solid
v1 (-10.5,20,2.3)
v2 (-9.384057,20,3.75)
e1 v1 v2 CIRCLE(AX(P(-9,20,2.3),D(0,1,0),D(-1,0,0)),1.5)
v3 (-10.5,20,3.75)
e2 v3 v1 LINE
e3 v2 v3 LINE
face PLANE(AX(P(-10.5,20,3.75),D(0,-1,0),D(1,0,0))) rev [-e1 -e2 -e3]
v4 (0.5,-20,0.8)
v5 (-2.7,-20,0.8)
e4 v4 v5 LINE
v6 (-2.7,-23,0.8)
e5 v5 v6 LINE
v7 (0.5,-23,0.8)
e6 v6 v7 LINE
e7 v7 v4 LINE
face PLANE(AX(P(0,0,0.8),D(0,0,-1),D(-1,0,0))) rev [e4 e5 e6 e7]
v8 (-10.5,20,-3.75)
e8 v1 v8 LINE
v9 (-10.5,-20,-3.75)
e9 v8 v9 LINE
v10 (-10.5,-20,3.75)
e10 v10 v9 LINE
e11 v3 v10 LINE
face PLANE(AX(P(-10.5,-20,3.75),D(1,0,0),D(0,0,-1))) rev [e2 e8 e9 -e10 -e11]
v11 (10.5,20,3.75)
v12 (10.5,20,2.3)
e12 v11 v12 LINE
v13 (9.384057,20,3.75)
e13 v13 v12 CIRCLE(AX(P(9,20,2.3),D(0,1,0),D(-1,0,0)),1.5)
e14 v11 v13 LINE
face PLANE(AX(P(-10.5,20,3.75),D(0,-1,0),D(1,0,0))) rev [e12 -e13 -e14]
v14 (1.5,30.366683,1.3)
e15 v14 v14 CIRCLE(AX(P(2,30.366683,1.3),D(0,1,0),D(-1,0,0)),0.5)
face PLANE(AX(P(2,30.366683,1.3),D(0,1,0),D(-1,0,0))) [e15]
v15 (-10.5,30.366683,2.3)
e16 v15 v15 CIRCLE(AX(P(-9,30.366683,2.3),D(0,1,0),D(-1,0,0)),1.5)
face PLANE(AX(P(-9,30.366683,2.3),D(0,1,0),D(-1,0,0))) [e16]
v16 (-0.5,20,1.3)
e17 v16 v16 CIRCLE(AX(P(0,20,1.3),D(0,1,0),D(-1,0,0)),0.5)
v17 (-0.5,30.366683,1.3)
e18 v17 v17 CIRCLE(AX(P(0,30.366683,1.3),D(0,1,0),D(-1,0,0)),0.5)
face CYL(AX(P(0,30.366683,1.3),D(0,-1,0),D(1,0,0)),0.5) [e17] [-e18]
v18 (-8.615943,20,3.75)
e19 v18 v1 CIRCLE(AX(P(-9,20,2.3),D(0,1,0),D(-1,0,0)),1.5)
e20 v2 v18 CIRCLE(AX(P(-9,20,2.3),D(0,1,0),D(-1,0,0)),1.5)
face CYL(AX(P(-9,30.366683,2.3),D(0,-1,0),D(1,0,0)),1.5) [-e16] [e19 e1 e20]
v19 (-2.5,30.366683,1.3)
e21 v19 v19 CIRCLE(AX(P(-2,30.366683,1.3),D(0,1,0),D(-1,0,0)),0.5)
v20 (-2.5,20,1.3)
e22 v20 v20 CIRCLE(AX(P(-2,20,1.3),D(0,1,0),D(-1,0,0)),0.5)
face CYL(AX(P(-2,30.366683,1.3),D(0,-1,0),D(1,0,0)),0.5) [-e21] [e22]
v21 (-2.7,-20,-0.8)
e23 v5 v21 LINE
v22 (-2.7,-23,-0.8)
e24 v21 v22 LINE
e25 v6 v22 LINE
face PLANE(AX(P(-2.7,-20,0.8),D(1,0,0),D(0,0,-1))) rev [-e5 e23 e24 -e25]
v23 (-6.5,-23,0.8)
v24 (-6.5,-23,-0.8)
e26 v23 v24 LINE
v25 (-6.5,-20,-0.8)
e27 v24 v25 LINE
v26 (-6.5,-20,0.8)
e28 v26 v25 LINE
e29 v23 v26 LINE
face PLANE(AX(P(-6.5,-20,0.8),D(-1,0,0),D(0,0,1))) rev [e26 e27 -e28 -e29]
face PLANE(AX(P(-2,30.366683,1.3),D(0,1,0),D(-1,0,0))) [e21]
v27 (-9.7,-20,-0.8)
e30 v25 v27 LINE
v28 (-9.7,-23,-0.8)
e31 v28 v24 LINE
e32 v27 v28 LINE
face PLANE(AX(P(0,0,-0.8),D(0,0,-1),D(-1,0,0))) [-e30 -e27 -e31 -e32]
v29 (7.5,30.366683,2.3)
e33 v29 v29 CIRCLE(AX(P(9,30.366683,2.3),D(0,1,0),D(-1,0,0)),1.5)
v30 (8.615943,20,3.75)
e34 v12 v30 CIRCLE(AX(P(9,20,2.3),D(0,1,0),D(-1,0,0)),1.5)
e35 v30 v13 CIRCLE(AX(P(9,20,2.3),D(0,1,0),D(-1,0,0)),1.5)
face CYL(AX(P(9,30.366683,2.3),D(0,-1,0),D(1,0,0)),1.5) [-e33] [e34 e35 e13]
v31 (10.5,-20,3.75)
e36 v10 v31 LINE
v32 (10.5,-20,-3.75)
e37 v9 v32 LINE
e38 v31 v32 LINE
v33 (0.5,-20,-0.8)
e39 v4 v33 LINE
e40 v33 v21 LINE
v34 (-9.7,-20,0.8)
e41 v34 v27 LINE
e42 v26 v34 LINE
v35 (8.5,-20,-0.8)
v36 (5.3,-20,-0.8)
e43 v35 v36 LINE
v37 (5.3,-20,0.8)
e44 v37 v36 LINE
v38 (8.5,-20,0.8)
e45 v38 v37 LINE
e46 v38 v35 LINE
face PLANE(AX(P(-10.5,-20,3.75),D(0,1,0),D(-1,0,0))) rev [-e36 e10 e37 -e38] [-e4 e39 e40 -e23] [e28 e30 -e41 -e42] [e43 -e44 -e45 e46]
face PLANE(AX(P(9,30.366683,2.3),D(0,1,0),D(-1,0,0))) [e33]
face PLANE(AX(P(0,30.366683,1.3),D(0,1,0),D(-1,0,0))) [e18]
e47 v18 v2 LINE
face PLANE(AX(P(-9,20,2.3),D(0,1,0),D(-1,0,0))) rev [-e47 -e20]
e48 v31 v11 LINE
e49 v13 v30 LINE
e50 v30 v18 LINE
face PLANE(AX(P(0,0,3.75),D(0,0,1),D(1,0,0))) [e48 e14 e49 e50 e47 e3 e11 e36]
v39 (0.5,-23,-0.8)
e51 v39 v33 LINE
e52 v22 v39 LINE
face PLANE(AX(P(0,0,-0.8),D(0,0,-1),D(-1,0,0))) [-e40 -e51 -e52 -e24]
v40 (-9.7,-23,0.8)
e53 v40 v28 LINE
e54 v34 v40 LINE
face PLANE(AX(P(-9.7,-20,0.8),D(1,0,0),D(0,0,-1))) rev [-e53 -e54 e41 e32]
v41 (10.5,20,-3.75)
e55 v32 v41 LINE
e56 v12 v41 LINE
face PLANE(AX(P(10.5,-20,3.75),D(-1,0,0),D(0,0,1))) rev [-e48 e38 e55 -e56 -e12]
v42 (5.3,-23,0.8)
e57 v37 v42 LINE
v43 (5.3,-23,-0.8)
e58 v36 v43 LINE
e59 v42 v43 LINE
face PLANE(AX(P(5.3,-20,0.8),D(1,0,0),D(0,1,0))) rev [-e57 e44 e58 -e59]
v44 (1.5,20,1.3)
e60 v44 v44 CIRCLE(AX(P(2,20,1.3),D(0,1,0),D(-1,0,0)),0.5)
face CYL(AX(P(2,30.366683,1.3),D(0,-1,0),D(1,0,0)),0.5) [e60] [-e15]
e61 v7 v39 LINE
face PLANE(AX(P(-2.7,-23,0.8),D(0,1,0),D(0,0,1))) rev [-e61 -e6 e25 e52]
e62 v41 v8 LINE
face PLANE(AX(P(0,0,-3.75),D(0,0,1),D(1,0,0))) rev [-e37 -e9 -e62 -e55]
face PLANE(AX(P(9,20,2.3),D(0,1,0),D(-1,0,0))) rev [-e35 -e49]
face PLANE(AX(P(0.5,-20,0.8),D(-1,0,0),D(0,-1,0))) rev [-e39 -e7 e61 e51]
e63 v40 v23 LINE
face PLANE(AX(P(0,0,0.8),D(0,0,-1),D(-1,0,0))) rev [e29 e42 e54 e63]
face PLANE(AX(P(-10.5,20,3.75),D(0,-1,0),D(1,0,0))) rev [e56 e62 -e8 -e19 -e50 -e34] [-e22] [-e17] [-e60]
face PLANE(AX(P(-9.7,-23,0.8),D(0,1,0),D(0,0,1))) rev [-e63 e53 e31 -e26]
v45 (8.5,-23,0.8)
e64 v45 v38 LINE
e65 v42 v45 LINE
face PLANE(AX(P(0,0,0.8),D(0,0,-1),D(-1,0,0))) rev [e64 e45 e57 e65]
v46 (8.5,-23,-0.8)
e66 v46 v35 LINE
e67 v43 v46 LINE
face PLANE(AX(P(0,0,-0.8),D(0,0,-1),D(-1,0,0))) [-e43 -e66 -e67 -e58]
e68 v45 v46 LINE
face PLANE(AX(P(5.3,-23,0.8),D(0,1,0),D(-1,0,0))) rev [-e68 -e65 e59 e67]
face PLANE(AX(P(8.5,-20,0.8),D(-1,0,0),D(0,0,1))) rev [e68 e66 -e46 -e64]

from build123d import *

# Parameters (mm, degrees)
SKETCH1_W           = 40
SKETCH1_H           = 21
BOSS_EXTRUDE1_DEPTH = 3.75
SKETCH2_W           = 3
SKETCH2_H           = 3.2
BOSS_EXTRUDE2_DEPTH = 0.8
SKETCH3_R           = 1.5
SKETCH3_R_2         = 0.5
BOSS_EXTRUDE3_DEPTH = 10.366683148


with BuildPart() as part:
    # Sketch1 → Boss-Extrude1 (new, symmetric)
    with BuildSketch(Plane(origin=(0, 0, 0), x_dir=(0, 1, 0), z_dir=(0, 0, 1))):
        Rectangle(SKETCH1_W, SKETCH1_H)
    extrude(amount=BOSS_EXTRUDE1_DEPTH, both=True)

    # Sketch2 → Boss-Extrude2 (add, symmetric)
    with BuildSketch(Plane(origin=(0, 0, 0), x_dir=(0, 1, 0), z_dir=(0, 0, 1))):
        with Locations((-21.5, 8.1)):
            Rectangle(SKETCH2_W, SKETCH2_H)
        with Locations((-21.5, 1.1)):
            Rectangle(SKETCH2_W, SKETCH2_H)
        with Locations((-21.5, -6.9)):
            Rectangle(SKETCH2_W, SKETCH2_H)
    extrude(amount=BOSS_EXTRUDE2_DEPTH, both=True)

    # Sketch3 → Boss-Extrude3 (add)
    with BuildSketch(Plane(origin=(0, 20, 0), x_dir=(-1, 0, 0), z_dir=(0, 1, 0))):
        with Locations(Location((-9, 2.3, 0), (0, 0, 180))):
            Circle(SKETCH3_R)
        with Locations((9, 2.3)):
            Circle(SKETCH3_R)
        with Locations((0, 1.3)):
            Circle(SKETCH3_R_2)
        with Locations((2, 1.3)):
            Circle(SKETCH3_R_2)
        with Locations((-2, 1.3)):
            Circle(SKETCH3_R_2)
    extrude(amount=BOSS_EXTRUDE3_DEPTH)


solid = part.part
